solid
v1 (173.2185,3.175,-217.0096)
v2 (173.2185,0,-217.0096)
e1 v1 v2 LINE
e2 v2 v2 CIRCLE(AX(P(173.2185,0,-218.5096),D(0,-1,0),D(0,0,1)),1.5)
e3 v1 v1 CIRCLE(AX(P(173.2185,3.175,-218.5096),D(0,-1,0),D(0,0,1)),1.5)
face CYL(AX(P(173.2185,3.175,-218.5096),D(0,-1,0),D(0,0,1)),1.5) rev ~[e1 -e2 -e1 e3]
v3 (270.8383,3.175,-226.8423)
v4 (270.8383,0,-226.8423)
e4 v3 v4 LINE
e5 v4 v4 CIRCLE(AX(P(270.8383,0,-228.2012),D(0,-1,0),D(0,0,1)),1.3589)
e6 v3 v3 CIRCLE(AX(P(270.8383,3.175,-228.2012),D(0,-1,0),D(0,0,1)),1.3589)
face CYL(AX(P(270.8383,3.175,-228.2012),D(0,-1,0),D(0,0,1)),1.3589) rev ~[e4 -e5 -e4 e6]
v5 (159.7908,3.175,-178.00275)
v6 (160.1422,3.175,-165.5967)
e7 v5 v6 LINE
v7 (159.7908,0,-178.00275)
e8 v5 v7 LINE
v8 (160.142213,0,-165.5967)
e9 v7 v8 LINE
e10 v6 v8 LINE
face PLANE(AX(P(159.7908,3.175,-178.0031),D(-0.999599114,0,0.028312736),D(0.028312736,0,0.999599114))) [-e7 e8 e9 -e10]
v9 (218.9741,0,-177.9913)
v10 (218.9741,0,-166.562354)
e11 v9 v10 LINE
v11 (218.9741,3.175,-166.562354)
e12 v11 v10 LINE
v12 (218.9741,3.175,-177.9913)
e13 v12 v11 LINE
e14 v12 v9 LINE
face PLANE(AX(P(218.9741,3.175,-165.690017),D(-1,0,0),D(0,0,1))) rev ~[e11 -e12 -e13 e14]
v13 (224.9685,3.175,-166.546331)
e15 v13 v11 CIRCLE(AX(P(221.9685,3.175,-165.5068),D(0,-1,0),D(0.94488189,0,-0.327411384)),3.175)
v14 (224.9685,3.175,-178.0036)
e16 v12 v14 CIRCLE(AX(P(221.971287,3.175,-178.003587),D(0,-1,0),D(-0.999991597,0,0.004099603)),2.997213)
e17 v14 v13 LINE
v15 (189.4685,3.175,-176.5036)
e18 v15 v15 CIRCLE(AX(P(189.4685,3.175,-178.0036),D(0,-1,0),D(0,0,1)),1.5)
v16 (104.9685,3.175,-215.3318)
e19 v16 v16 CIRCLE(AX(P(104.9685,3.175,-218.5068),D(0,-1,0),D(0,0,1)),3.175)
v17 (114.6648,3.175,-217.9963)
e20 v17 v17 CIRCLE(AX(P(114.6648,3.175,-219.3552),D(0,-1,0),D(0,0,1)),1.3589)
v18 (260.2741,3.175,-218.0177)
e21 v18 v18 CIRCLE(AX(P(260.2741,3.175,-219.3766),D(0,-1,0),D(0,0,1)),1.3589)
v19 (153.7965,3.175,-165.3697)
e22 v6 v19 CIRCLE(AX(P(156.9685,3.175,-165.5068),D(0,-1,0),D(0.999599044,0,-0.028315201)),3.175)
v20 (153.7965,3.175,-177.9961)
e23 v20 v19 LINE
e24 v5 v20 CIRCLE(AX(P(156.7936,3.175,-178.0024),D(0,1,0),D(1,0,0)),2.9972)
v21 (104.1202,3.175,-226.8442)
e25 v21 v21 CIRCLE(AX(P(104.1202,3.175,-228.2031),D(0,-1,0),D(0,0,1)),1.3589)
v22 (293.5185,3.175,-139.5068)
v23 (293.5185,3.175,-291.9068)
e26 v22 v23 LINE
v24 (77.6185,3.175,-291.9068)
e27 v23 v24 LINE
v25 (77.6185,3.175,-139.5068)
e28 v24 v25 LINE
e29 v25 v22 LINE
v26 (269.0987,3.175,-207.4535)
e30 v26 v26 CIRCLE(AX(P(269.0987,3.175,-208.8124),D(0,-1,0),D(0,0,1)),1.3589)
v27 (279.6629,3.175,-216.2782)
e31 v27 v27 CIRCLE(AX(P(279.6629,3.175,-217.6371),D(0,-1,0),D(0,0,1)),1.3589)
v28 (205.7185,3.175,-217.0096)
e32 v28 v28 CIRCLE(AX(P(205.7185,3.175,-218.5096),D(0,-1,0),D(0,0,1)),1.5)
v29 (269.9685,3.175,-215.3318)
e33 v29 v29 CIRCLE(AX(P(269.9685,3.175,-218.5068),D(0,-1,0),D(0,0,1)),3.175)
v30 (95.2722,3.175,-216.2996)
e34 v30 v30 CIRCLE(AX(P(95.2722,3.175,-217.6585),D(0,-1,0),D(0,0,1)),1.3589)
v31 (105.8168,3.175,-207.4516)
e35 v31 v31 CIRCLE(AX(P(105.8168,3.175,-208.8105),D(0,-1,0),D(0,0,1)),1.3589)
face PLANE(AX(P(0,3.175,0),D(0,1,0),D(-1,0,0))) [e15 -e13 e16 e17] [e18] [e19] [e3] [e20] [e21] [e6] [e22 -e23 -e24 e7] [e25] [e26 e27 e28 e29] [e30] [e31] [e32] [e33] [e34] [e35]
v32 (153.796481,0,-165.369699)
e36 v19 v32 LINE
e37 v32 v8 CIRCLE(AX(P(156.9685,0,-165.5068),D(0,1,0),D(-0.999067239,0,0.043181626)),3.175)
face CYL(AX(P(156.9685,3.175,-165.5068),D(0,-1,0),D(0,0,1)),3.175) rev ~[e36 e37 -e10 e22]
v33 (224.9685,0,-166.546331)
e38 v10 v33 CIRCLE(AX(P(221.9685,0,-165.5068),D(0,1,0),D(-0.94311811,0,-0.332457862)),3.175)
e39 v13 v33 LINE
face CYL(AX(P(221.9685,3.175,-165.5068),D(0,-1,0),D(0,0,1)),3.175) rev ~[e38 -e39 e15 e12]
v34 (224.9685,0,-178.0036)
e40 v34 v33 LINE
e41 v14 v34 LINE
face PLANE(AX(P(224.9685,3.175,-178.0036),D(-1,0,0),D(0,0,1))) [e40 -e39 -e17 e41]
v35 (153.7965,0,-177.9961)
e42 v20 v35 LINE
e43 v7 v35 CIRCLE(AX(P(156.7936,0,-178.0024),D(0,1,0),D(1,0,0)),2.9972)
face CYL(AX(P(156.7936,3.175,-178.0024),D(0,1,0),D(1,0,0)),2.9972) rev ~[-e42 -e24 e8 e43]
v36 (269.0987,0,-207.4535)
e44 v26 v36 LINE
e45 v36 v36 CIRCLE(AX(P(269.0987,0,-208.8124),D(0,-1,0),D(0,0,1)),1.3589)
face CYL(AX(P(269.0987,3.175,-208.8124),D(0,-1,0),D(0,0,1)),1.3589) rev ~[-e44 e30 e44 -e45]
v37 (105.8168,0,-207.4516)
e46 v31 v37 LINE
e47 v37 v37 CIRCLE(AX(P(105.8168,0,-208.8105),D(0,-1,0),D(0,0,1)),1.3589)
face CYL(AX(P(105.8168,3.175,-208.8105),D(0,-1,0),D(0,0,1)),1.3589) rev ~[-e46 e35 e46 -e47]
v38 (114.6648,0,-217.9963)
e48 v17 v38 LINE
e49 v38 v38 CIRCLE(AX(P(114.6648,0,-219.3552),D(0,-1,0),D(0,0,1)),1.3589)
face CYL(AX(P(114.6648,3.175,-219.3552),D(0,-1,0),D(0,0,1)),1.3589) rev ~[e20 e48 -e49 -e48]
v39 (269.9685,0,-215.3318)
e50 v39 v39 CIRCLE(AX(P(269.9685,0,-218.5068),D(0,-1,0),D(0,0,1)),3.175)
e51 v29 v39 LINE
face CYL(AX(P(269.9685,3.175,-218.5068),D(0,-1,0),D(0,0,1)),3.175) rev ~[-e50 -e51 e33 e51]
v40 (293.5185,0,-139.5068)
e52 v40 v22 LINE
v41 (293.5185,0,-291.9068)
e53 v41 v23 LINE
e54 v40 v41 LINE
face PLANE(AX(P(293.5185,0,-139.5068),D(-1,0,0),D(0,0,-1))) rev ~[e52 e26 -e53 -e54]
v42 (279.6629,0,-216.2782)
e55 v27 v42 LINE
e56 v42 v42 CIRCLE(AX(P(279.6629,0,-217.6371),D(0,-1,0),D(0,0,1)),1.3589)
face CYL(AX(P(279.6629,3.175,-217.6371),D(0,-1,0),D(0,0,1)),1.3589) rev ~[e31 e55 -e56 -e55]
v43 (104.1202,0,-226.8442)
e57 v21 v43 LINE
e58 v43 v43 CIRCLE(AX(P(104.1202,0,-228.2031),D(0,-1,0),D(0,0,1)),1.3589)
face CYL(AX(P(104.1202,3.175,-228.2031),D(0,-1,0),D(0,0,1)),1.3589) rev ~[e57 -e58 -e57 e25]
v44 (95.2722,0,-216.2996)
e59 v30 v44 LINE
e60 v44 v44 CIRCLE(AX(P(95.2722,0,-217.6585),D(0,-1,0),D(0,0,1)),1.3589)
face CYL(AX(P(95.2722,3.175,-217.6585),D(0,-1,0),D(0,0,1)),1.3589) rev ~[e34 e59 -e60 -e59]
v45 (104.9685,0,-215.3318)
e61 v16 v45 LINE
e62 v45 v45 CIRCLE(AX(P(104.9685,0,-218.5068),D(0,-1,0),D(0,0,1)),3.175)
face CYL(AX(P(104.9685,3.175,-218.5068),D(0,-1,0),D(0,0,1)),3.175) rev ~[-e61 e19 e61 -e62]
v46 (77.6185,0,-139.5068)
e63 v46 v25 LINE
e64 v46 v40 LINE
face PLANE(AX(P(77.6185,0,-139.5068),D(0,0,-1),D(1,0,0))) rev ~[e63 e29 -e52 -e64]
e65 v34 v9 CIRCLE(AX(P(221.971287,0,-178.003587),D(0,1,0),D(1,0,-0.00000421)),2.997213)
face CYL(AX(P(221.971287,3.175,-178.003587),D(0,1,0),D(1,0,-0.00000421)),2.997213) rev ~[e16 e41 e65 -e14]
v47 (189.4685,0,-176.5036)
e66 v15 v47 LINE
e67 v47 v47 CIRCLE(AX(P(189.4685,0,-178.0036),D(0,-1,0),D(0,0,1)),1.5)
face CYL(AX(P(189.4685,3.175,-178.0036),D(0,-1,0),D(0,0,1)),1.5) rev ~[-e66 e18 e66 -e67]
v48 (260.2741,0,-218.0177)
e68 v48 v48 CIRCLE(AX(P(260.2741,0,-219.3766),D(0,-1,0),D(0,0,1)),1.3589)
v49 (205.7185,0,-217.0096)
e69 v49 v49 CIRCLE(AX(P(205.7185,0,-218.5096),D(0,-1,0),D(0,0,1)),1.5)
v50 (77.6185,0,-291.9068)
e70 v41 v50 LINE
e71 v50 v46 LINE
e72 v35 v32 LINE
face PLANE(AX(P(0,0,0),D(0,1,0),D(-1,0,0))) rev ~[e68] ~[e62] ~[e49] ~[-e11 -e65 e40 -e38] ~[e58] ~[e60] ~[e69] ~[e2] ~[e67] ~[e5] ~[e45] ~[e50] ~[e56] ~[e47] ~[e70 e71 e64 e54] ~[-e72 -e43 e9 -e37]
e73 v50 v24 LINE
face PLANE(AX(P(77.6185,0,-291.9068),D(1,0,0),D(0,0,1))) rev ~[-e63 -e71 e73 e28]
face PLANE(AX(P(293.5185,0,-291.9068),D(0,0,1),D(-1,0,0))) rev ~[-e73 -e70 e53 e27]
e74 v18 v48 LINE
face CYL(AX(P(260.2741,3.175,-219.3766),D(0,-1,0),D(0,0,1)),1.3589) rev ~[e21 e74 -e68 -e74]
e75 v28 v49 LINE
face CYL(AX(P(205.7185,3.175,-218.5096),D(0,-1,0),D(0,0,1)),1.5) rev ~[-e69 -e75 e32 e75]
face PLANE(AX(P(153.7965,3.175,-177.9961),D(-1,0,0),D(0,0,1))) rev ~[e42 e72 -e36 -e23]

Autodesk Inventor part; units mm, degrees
ref_plane "YZ Plane" through (0, 0, 0) normal (1, 0, 0) x (0, 1, 0)
ref_plane "XZ Plane" through (0, 0, 0) normal (0, 1, 0) x (-1, 0, 0)
ref_plane "XY Plane" through (0, 0, 0) normal (0, 0, 1) x (1, 0, 0)
sketch "Sketch1" plane through (0, 0, 0) normal (0, 1, 0) x (-1, 0, 0)
  line L0 (-77.6185, -139.5068) -> (-293.5185, -139.5068)
  line L1 (-293.5185, -139.5068) -> (-293.5185, -291.9068)
  line L2 (-293.5185, -291.9068) -> (-77.6185, -291.9068)
  line L3 (-77.6185, -291.9068) -> (-77.6185, -139.5068)
  point P0 (0, 0)
  dimension "d0" = 215.9
  dimension "d1" = 152.4
extrude "Extrusion1" add sketch "Sketch1" along normal blind 3.175
sketch "Sketch2" plane through (0, 3.175, 0) normal (0, 1, 0) x (1, 0, 0)
  line L0 (77.6185, 291.9068) -> (77.6185, 139.5068) projected
  line L1 (77.6185, 139.5068) -> (293.5185, 139.5068) projected
  line L2 (293.5185, 139.5068) -> (293.5185, 291.9068) projected
  line L3 (293.5185, 291.9068) -> (77.6185, 291.9068) projected
  line L4 (185.5685, 291.9068) -> (185.5685, 139.5068)
  line L5 (104.9685, 218.5068) -> (221.9685, 218.5068) construction
  line L6 (156.9685, 165.5068) -> (156.9685, 258.7711) construction
  point P0 (0, 0)
  point P1 (269.9685, 218.5068)
  point P2 (221.9685, 165.5068)
  dimension "d4" = 144.35
  dimension "d5" = 26
  dimension "d7" = 79
  dimension "d19" = 27.35
  dimension "d20" = 79
  dimension "d21" = 26
  dimension "d22" = 79.35
  dimension "d23" = 192.35
  dimension "d180" = 65
  dimension "d201" = 36.4
  dimension "d202" = 28.6
hole "Hole1" at (156.9685, 3.175, -165.5068) at (104.9685, 3.175, -218.5068) at (269.9685, 3.175, -218.5068) at (221.9685, 3.175, -165.5068) direction (0, -1, 0) diameter 6.35 end through all
sketch "Sketch3" plane through (0, 3.175, 0) normal (0, 1, 0) x (1, 0, 0)
  circle A0 centre (104.9685, 218.5068) radius 3.175 projected
  circle A1 centre (269.9685, 218.5068) radius 3.175 projected
  circle A2 centre (221.9685, 165.5068) radius 3.175 projected
  circle A3 centre (156.9685, 165.5068) radius 3.175 projected
  line L0 (293.5185, 139.5068) -> (293.5185, 291.9068) projected
  line L1 (77.6185, 139.5068) -> (293.5185, 139.5068) projected
  line L2 (104.9685, 218.5068) -> (156.9685, 165.5068) construction
  line L3 (78.5272, 236.3897) -> (154.4976, 158.9583)
  line L4 (185.5685, 291.9068) -> (185.5685, 139.5068) construction
  line L5 (185.5685, 158.0068) -> (156.7639, 158.0068)
  line L6 (80.7935, 282.3818) -> (185.5685, 282.3818)
  line L7 (77.6185, 279.2068) -> (77.6185, 238.6132)
  arc A4 (80.7935, 282.3818) -> (77.6185, 279.2068) centre (80.7935, 279.2068) ccw
  arc A5 (77.6185, 238.6132) -> (78.5272, 236.3897) centre (80.7935, 238.6132) ccw
  arc A6 (154.4976, 158.9583) -> (156.7639, 158.0068) centre (156.7639, 161.1818) ccw
  circle A7 centre (266.1685, 218.5068) radius 3.175
  circle A8 centre (214.1685, 165.5068) radius 3.175
  line L8 (266.1685, 218.5068) -> (214.1685, 165.5068) construction
  line L9 (292.6098, 236.3897) -> (216.6394, 158.9583)
  line L10 (185.5685, 158.0068) -> (214.3731, 158.0068)
  line L11 (290.3435, 282.3818) -> (185.5685, 282.3818)
  line L12 (293.5185, 279.2068) -> (293.5185, 238.6132)
  arc A9 (293.5185, 279.2068) -> (290.3435, 282.3818) centre (290.3435, 279.2068) ccw
  arc A10 (292.6098, 236.3897) -> (293.5185, 238.6132) centre (290.3435, 238.6132) ccw
  arc A11 (214.3731, 158.0068) -> (216.6394, 158.9583) centre (214.3731, 161.1818) ccw
  point P0 (0, 0)
  point P1 (77.6185, 237.3158)
  point P2 (77.6185, 282.3818)
  point P3 (293.5185, 237.3158)
  point P4 (293.5185, 282.3818)
  dimension "d192" = 6.35
  dimension "d193" = 7.5
  dimension "d197" = 3.175
  dimension "d198" = 3.175
extrude "Extrusion3" [suppressed]
sketch "Sketch7" plane through (0, 3.175, 0) normal (0, 1, 0) x (1, 0, 0)
  circle A0 centre (156.9685, 165.5068) radius 3.175 projected
  line L0 (155.9994, 158.0068) -> (221.9685, 158.0068) projected
  circle A1 centre (156.7936, 178.0024) radius 2.9972
  line L1 (153.7965, 177.9961) -> (153.7965, 165.3697)
  line L2 (159.7908, 178.0031) -> (160.1422, 165.5967)
  circle A2 centre (222.1463, 178.0024) radius 2.9972
  circle A3 centre (221.9685, 165.5068) radius 3.175 projected
  line L3 (219.1491, 178.0147) -> (219.1491, 164.0468)
  line L4 (225.1435, 178.0036) -> (225.1435, 165.5068)
  point P0 (0, 0)
  point P1 (218.7935, 165.5083)
  dimension "d76" = 5.9944
  dimension "d77" = 12.4968
  dimension "d78" = 5.9944
  dimension "d79" = 12.4968
  dimension "d88" = 6.35
extrude "Extrusion4" cut sketch "Sketch7" against normal blind 25.4 contours A0 L1 A1 L2 | A1
sketch "Sketch8" plane through (0, 3.175, 0) normal (0, 1, 0) x (1, 0, 0)
  arc A0 (224.9685, 178.0036) -> (218.9741, 177.9913) centre (221.9713, 178.0036) ccw
  circle A1 centre (221.9685, 165.5068) radius 3
  line L0 (218.9741, 178.016) -> (218.9741, 165.3232)
  line L1 (224.9685, 178.0036) -> (224.9685, 165.5068)
  point P0 (0, 0)
  point P1 (218.9685, 165.5082)
  dimension "d82" = 5.9944
  dimension "d83" = 12.4968
extrude "Extrusion5" cut sketch "Sketch8" against normal blind 25.4 contours L1 A1 L0 A0 | A1 L0 picked at (221.9464, 164.5591)
sketch "Sketch5" plane through (0, 3.175, 0) normal (0, 1, 0) x (1, 0, 0)
  circle A0 centre (104.9685, 218.5068) radius 3.175 projected
  circle A1 centre (104.9685, 218.5068) radius 22.225
  circle A2 centre (156.9685, 165.5068) radius 3.175 projected
  circle A3 centre (156.9685, 165.5068) radius 22.225
  circle A4 centre (221.9685, 165.5068) radius 3.175 projected
  circle A5 centre (221.9685, 165.5068) radius 22.225
  circle A6 centre (269.9685, 218.5068) radius 3.175 projected
  circle A7 centre (269.9685, 218.5068) radius 22.225
  line L0 (155.9994, 158.0068) -> (221.9685, 158.0068) projected
  arc A8 (224.9685, 178.0036) -> (218.9741, 178.016) centre (221.9713, 178.0036) ccw projected
  line L1 (287.1685, 282.4291) -> (83.9685, 282.4291) projected
  point P0 (0, 0)
  point P1 (205.7185, 218.5096)
  point P2 (189.4685, 178.0036)
  point P3 (173.2185, 218.5096)
  dimension "d45" = 44.45
  dimension "d47" = 44.45
  dimension "d48" = 44.45
  dimension "d49" = 44.45
  dimension "d50" = 60.5028
  dimension "d52" = 65
  dimension "d53" = 16.25
  dimension "d54" = 16.25
  dimension "d55" = 60.5028
  dimension "d58" = 52
  dimension "d62" = 32.5
  dimension "d125" = 0
  dimension "d181" = 32.5
  dimension "d186" = 63.9194
hole "Hole2" at (205.7185, 3.175, -218.5096) at (189.4685, 3.175, -178.0036) at (173.2185, 3.175, -218.5096) direction (0, -1, 0) diameter 3 end through all
sketch "Sketch11" plane through (0, 3.175, 0) normal (0, 1, 0) x (1, 0, 0)
  circle A0 centre (104.9685, 218.5068) radius 3.175 projected
  circle A1 centre (104.9685, 218.5068) radius 9.7333
  line L0 (95.2722, 217.6585) -> (104.1202, 228.2031) construction
  line L1 (79.8868, 220.4869) -> (153.2717, 158.9097) construction
  circle A2 centre (269.9685, 218.5068) radius 9.7333
  line L2 (269.0987, 208.8124) -> (279.6629, 217.6371) construction
  line L3 (227.8466, 160.8487) -> (291.2394, 213.8031) construction
  point P0 (105.8168, 208.8105)
  point P1 (114.6648, 219.3552)
  point P2 (270.8383, 228.2012)
  point P3 (260.2741, 219.3766)
  dimension "d174" = 19.4667
  dimension "d175" = 19.4667
  dimension "d161" = 360
  dimension "d178" = 360
hole "Hole4" at (95.2722, 3.175, -217.6585) at (105.8168, 3.175, -208.8105) at (114.6648, 3.175, -219.3552) at (104.1202, 3.175, -228.2031) at (260.2741, 3.175, -219.3766) at (270.8383, 3.175, -228.2012) at (279.6629, 3.175, -217.6371) at (269.0987, 3.175, -208.8124) direction (0, -1, 0) diameter 2.7178 end through all
sketch "Sketch15" plane through (0, 3.175, 0) normal (0, 1, 0) x (1, 0, 0)
  circle A0 centre (269.9685, 218.5068) radius 3.175 projected
  arc A1 (218.9741, 166.5625) -> (224.9685, 166.5464) centre (221.9685, 165.5068) ccw projected
  line L0 (226.6751, 161.2442) -> (185.5685, 161.2442)
  line L1 (293.5185, 291.9068) -> (77.6185, 291.9068) projected
  line L2 (185.5685, 282.3818) -> (185.5685, 139.5068)
  line L3 (77.6185, 139.5068) -> (293.5185, 139.5068) projected
  line L4 (226.6751, 161.2442) -> (293.5185, 225.5385)
  line L5 (293.5185, 282.3818) -> (185.5685, 282.3818)
  line L6 (293.5185, 282.3818) -> (293.5185, 225.5385)
  line L7 (293.5185, 139.5068) -> (293.5185, 291.9068) projected
  circle A2 centre (101.1685, 218.5068) radius 3.175
  arc A3 (146.1685, 166.5464) -> (152.1629, 166.5625) centre (149.1685, 165.5068) ccw
  line L8 (144.4618, 161.2442) -> (185.5685, 161.2442)
  line L9 (144.4618, 161.2442) -> (77.6185, 225.5385)
  line L10 (77.6185, 282.3818) -> (185.5685, 282.3818)
  line L11 (77.6185, 282.3818) -> (77.6185, 225.5385)
  point P0 (0, 0)
  dimension "d200" = 9.525
equation "\"d78\" = d76"
equation "\"d79\" = d77"
equation "\"d82\" = d84"
equation "\"d83\" = d85"
equation "\"d47\" = d45"
equation "\"d48\" = d45"
equation "\"d49\" = d48"
equation "\"d53\" = 0.25 * d52"
equation "\"d54\" = d53"
equation "\"d55\" = d50"
equation "\"d62\" = 0.5 * d52"
equation "\"d84\" = 5.9944"
equation "\"d85\" = 12.4968"
properties part number "track side panel V1"
